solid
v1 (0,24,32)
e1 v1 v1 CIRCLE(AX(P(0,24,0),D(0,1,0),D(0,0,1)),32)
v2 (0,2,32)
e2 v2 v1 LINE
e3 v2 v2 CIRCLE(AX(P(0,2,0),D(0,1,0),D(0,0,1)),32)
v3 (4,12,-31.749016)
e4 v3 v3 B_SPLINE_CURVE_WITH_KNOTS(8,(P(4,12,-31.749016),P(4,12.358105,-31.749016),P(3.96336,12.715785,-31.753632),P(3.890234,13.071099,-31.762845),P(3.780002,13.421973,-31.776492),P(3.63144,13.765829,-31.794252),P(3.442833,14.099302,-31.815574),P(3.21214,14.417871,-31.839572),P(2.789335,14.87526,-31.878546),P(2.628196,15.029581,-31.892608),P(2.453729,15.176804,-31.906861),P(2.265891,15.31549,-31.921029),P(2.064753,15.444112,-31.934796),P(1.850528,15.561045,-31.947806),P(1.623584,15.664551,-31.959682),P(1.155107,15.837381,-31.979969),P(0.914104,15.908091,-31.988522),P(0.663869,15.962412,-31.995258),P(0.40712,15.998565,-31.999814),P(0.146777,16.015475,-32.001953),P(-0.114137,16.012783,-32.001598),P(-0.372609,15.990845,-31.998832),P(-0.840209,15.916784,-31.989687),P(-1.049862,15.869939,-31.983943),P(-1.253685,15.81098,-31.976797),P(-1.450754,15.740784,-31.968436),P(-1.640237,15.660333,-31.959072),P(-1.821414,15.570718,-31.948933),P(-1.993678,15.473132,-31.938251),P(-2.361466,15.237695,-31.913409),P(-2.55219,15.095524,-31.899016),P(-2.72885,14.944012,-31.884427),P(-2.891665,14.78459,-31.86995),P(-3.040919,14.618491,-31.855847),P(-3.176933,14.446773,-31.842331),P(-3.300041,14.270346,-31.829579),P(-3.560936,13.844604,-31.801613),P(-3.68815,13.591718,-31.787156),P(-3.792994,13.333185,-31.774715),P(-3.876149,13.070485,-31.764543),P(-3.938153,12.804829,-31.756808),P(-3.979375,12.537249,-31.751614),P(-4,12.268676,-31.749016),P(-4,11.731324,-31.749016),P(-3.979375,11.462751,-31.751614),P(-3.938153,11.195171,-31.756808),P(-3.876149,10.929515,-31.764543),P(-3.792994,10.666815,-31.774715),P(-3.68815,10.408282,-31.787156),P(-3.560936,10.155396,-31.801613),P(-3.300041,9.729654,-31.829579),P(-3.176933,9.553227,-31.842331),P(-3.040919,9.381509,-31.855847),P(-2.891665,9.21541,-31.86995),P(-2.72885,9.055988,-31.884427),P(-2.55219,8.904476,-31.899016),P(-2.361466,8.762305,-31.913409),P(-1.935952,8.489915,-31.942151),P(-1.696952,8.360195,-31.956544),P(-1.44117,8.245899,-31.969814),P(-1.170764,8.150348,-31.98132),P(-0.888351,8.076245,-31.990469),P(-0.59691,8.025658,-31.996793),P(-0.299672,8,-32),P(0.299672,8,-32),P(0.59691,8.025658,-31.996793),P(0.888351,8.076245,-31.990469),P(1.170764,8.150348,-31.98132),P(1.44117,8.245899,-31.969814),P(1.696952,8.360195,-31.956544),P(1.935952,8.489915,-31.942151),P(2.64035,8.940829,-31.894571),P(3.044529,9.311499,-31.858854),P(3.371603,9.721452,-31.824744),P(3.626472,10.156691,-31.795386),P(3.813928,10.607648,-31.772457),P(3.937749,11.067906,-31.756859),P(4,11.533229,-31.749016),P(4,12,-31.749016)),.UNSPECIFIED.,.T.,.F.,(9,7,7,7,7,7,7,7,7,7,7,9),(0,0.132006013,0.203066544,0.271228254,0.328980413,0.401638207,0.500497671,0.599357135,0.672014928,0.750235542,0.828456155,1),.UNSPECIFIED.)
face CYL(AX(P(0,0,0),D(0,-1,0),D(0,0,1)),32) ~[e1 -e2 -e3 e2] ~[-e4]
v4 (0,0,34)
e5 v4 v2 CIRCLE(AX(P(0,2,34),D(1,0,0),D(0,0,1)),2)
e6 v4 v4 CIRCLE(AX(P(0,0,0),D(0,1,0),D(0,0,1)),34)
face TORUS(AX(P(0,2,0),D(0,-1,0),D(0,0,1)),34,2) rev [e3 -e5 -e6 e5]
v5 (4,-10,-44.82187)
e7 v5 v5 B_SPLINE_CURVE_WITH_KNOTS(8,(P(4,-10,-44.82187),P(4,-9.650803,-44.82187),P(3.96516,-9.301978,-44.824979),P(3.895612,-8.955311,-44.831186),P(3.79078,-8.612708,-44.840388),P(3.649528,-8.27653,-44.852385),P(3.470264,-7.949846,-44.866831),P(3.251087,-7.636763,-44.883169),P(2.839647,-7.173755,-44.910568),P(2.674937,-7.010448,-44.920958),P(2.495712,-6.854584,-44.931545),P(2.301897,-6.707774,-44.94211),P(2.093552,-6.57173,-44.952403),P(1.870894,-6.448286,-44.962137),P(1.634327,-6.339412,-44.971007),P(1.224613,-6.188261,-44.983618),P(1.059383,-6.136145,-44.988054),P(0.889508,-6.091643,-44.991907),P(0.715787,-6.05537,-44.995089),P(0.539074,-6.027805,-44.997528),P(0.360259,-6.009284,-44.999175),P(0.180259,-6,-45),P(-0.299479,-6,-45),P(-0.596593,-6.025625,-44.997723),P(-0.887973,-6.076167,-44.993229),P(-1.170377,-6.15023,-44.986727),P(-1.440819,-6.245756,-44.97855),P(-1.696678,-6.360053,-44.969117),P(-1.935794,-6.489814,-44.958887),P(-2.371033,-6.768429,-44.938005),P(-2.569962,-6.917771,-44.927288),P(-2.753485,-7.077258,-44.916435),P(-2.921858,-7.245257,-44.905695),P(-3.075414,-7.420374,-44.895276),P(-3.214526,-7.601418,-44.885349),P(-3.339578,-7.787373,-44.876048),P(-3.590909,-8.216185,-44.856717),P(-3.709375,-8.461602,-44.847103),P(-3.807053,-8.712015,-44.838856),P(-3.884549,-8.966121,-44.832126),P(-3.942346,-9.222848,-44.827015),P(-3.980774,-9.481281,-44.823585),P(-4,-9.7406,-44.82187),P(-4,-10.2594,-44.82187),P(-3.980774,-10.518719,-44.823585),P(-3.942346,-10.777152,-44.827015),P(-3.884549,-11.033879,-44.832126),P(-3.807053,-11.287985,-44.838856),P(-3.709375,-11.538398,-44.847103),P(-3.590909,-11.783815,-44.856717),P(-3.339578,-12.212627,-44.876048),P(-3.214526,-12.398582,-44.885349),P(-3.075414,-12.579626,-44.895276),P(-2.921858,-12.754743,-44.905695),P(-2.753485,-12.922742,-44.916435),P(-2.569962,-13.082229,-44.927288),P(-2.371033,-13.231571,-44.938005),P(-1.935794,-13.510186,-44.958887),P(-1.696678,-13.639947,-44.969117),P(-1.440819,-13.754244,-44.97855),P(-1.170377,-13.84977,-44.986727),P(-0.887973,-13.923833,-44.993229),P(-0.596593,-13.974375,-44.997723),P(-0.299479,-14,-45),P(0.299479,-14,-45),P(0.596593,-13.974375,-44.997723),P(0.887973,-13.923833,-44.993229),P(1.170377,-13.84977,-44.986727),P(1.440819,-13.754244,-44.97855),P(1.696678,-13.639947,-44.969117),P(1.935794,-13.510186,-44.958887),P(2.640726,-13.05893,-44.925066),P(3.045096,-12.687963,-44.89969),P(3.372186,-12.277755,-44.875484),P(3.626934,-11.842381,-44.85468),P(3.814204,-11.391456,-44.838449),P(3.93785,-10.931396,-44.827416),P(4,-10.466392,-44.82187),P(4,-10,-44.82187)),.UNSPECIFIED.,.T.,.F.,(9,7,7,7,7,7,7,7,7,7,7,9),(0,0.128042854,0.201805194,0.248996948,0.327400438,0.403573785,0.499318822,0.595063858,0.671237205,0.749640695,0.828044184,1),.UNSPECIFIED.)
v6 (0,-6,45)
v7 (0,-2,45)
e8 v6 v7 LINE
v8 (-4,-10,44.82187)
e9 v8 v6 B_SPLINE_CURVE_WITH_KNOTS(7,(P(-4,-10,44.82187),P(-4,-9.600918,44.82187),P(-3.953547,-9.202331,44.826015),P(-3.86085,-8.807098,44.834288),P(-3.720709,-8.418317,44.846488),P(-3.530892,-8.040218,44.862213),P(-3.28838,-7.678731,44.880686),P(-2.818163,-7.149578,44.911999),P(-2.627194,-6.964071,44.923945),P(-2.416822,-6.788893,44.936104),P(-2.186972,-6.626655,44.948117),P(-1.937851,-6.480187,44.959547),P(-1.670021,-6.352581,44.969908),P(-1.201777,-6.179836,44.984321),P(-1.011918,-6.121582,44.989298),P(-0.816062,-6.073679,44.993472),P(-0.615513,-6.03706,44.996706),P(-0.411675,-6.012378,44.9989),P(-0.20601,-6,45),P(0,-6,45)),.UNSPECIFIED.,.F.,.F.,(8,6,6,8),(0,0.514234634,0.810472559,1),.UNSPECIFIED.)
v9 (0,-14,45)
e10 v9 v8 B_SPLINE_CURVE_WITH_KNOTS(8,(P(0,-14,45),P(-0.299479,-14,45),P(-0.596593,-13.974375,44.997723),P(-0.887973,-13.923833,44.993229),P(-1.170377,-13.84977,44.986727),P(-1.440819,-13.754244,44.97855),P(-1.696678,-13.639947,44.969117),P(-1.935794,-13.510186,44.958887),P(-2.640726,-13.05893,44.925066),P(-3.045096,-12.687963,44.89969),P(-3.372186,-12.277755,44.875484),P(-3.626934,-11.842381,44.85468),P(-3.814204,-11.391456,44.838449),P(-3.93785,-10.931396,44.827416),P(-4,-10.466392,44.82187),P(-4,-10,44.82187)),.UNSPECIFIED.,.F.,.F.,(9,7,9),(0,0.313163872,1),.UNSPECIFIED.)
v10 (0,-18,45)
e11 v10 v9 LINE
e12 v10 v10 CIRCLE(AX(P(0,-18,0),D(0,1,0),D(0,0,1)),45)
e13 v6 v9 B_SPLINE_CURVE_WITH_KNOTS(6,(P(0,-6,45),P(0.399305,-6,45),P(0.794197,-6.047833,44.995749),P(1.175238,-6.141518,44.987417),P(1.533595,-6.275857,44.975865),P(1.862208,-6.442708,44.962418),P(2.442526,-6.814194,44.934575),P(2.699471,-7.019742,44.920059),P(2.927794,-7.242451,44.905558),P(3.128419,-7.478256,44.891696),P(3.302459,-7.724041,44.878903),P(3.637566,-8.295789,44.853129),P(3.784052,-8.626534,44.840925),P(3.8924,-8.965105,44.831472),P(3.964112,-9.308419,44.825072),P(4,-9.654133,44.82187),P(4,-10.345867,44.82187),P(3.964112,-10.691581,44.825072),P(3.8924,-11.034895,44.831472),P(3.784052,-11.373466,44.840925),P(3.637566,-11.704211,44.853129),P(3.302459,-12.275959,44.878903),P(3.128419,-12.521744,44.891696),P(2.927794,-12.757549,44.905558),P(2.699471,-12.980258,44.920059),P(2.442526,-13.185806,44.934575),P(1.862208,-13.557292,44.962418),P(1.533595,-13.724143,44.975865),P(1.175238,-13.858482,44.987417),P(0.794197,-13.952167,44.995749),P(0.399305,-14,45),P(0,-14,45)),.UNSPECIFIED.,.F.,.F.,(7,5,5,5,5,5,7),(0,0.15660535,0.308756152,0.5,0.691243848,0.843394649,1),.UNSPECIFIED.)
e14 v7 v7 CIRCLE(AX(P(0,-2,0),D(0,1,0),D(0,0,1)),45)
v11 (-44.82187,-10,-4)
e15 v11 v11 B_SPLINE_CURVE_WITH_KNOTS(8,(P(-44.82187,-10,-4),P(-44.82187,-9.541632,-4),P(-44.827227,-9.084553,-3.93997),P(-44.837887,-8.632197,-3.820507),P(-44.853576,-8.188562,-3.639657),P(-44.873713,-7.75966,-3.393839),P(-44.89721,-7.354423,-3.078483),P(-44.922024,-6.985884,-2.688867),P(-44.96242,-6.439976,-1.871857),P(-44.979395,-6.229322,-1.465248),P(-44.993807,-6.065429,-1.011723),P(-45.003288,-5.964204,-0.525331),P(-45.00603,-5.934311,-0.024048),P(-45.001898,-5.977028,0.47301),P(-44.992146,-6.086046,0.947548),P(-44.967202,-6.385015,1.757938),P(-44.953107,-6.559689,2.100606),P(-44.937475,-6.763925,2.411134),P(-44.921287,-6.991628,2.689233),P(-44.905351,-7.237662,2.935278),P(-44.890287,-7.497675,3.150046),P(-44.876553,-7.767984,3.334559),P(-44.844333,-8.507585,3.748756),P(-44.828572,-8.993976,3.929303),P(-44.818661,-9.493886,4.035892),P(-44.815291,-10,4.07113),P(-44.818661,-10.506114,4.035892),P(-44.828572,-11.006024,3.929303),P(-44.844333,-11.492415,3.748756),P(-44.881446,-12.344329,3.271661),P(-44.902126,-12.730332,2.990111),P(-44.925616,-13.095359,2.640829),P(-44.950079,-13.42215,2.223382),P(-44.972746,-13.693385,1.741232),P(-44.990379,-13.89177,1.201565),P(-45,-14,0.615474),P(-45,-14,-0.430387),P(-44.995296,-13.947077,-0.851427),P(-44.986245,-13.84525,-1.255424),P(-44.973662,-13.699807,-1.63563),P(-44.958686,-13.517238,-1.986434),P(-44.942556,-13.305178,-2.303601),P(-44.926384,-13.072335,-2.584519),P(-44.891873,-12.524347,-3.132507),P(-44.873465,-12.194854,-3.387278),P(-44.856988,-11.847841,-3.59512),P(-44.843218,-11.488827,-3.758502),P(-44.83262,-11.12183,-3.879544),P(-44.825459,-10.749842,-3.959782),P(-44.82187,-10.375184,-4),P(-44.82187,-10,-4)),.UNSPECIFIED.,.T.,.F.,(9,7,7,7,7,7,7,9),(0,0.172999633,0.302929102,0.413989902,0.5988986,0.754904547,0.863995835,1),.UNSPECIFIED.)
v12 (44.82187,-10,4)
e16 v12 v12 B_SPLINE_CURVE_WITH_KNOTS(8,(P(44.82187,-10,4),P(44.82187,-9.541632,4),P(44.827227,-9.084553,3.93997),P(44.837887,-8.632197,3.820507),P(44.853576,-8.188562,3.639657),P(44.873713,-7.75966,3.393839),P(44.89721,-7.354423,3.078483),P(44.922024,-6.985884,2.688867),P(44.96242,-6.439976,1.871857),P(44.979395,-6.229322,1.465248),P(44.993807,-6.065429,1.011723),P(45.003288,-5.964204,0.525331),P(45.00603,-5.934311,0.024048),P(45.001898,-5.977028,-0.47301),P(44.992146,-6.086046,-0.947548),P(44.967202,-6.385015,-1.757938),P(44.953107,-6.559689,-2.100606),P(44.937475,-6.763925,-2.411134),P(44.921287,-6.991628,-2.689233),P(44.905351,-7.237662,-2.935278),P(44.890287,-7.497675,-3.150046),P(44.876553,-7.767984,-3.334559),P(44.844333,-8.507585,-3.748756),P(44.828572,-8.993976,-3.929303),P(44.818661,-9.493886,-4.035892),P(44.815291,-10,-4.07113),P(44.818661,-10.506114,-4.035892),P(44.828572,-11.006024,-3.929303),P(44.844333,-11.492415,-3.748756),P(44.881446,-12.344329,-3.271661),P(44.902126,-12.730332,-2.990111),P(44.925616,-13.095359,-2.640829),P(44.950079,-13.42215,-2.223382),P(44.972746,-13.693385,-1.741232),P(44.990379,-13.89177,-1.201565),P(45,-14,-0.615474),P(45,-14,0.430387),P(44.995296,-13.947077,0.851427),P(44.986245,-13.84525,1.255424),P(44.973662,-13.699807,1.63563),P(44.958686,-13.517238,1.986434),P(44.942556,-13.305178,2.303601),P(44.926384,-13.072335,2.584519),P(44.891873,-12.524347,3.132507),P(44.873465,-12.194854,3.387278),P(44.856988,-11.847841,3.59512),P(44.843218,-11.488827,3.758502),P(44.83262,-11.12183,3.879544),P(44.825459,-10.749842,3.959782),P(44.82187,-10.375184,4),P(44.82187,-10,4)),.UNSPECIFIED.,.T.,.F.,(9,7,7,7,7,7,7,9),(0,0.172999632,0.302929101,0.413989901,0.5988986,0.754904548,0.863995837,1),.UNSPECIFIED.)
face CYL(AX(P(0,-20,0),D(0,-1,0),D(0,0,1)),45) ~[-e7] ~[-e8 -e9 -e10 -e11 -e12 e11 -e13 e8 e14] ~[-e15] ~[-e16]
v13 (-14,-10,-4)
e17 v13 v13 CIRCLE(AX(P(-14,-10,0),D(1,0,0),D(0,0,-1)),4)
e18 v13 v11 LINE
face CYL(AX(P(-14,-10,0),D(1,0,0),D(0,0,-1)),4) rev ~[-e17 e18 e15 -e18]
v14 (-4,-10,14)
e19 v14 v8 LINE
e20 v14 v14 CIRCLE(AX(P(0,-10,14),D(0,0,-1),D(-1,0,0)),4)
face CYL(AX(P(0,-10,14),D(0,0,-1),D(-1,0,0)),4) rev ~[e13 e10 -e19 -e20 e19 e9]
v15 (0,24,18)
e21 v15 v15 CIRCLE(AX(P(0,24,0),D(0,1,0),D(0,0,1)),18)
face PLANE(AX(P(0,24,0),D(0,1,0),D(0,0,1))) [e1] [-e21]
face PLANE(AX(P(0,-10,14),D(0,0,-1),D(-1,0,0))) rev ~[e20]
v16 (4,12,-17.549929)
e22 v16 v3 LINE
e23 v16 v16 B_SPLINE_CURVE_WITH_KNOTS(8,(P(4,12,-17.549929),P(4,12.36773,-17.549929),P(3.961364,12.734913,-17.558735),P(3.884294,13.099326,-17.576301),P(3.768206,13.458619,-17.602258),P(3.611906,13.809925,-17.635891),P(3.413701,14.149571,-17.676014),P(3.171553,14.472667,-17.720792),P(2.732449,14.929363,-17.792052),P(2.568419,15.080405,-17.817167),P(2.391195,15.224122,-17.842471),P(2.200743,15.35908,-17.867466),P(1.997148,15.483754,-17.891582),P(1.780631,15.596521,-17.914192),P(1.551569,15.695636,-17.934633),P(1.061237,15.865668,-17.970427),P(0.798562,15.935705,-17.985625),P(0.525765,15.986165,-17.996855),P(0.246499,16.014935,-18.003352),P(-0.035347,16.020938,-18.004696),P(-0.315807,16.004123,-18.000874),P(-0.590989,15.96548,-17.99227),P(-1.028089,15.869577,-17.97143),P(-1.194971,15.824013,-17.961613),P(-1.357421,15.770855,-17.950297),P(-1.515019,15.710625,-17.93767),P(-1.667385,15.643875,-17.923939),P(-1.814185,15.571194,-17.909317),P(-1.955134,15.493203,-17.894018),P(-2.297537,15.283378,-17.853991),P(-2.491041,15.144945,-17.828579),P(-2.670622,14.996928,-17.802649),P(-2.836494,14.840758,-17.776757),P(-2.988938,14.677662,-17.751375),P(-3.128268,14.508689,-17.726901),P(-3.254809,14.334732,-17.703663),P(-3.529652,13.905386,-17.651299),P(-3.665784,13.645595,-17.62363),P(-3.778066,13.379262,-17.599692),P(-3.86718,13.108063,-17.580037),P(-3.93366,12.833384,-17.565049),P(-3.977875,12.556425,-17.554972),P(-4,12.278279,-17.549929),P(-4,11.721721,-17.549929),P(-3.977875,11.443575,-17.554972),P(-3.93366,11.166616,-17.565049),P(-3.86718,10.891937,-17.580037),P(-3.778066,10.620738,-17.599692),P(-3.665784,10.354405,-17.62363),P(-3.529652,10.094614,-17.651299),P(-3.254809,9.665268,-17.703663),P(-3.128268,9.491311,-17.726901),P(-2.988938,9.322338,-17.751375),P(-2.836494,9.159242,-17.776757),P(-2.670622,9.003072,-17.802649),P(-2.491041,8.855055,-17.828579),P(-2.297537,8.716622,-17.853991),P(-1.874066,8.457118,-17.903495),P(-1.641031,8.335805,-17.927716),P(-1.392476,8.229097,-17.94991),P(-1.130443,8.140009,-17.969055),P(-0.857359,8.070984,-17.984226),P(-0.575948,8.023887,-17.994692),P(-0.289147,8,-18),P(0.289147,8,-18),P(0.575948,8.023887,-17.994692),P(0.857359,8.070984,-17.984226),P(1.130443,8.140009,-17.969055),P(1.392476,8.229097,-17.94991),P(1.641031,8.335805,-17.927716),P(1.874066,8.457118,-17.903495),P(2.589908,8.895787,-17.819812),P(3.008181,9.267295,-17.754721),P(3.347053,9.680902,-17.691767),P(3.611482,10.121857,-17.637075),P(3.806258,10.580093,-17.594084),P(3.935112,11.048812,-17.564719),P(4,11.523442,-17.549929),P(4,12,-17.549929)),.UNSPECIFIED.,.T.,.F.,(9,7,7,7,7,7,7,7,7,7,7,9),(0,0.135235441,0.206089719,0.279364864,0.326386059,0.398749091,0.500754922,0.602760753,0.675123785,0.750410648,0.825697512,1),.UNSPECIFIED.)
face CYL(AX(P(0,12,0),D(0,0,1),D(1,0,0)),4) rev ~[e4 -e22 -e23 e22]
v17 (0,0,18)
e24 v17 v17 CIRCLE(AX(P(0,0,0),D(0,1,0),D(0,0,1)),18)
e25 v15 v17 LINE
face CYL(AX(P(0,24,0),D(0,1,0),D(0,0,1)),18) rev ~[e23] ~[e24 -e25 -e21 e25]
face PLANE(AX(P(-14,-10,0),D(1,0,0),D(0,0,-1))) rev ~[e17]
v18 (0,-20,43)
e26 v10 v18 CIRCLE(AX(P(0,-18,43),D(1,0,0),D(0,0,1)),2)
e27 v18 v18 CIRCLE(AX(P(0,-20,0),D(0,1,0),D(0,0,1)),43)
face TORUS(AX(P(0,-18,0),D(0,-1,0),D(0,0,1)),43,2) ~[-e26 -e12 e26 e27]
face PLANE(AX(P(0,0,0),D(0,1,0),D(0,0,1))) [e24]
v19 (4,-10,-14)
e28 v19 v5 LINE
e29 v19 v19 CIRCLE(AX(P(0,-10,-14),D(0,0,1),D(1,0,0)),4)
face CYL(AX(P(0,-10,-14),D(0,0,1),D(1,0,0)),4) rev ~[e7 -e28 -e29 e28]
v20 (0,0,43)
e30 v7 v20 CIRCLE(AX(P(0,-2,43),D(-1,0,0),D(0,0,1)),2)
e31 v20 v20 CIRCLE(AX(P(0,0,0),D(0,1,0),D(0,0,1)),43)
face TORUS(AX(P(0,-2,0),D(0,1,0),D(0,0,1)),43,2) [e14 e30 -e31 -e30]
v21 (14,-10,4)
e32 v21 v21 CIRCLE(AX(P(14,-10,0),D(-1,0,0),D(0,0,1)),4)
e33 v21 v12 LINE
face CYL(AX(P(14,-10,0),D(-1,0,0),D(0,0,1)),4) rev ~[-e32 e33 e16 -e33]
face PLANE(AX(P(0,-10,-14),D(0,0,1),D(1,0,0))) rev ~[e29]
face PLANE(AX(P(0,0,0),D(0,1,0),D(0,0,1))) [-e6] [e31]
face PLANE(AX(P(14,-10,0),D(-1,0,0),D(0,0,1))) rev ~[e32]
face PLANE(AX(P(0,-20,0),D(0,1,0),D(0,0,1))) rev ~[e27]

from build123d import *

# Parameters (mm, degrees)
SKETCH1_R           = 32
BOSS_EXTRUDE1_DEPTH = 24
BOSS_EXTRUDE2_START = -20
SKETCH1_4_R         = 45
SKETCH1_4_R_2       = 32
BOSS_EXTRUDE2_DEPTH = 20
SKETCH2_R           = 18
CUT_EXTRUDE1_DEPTH  = 24
CUT_EXTRUDE2_START  = -14
SKETCH3_R           = 4
CUT_EXTRUDE2_DEPTH  = 55.014704293
CIRPATTERN1_COUNT   = 4
SKETCH4_R           = 4
CUT_EXTRUDE3_DEPTH  = 69.014704425
FILLET1_R           = 2


with BuildPart() as part:
    # Sketch1 → Boss-Extrude1 (new body)
    with BuildSketch(Plane(origin=(0, 0, 0), x_dir=(1, 0, 0), z_dir=(0, 1, 0))):
        with Locations(Location((0, 0, 0), (0, 0, 270))):
            Circle(SKETCH1_R)
    extrude(amount=BOSS_EXTRUDE1_DEPTH)

    # Sketch1<4> → Boss-Extrude2 (add)
    # profile 1 of 2: a face of its own
    with BuildSketch(Plane(origin=(0, 0, 0), x_dir=(1, 0, 0), z_dir=(0, 1, 0)).offset(BOSS_EXTRUDE2_START)):
        with Locations(Location((0, 0, 0), (0, 0, 270))):
            Circle(SKETCH1_4_R)
        with Locations(Location((0, 0, 0), (0, 0, 270))):
            Circle(SKETCH1_4_R_2, mode=Mode.SUBTRACT)
    # profile 2 of 2: a face of its own
    with BuildSketch(Plane(origin=(0, 0, 0), x_dir=(1, 0, 0), z_dir=(0, 1, 0)).offset(BOSS_EXTRUDE2_START)):
        with Locations(Location((0, 0, 0), (0, 0, 270))):
            Circle(SKETCH1_4_R_2)
    extrude(amount=BOSS_EXTRUDE2_DEPTH)

    # Sketch2 → Cut-Extrude1 (cut)
    with BuildSketch(Plane(origin=(0, 24, 0), x_dir=(1, 0, 0), z_dir=(0, 1, 0))):
        with Locations(Location((0, 0, 0), (0, 0, 270))):
            Circle(SKETCH2_R)
    extrude(amount=-CUT_EXTRUDE1_DEPTH, mode=Mode.SUBTRACT)

    # Sketch3 → Cut-Extrude2 (cut, through all)
    with BuildSketch(Plane.XY.offset(CUT_EXTRUDE2_START)):
        with Locations((0, -10)):
            Circle(SKETCH3_R)
    cut_extrude2 = extrude(amount=-CUT_EXTRUDE2_DEPTH, mode=Mode.SUBTRACT)

    # CirPattern1: Cut-Extrude2 ×4 about axis
    cirpattern1_axis = Axis((0, 0, 0), (0, 1, 0))
    for i in range(1, CIRPATTERN1_COUNT):
        add(cut_extrude2.rotate(cirpattern1_axis, i * 360 / CIRPATTERN1_COUNT), mode=Mode.SUBTRACT)

    # Sketch4 → Cut-Extrude3 (cut, through all)
    with BuildSketch(Plane.XY):
        with Locations((0, 12)):
            Circle(SKETCH4_R)
    extrude(amount=-CUT_EXTRUDE3_DEPTH, mode=Mode.SUBTRACT)

    # Fillet1
    fillet1_edges = [part.edges().sort_by_distance(p)[0] for p in [
        (0, 0, -32),
        (0, -20, -45),
        (0, 0, -45),
    ]]
    fillet(fillet1_edges, radius=FILLET1_R)


solid = part.part
